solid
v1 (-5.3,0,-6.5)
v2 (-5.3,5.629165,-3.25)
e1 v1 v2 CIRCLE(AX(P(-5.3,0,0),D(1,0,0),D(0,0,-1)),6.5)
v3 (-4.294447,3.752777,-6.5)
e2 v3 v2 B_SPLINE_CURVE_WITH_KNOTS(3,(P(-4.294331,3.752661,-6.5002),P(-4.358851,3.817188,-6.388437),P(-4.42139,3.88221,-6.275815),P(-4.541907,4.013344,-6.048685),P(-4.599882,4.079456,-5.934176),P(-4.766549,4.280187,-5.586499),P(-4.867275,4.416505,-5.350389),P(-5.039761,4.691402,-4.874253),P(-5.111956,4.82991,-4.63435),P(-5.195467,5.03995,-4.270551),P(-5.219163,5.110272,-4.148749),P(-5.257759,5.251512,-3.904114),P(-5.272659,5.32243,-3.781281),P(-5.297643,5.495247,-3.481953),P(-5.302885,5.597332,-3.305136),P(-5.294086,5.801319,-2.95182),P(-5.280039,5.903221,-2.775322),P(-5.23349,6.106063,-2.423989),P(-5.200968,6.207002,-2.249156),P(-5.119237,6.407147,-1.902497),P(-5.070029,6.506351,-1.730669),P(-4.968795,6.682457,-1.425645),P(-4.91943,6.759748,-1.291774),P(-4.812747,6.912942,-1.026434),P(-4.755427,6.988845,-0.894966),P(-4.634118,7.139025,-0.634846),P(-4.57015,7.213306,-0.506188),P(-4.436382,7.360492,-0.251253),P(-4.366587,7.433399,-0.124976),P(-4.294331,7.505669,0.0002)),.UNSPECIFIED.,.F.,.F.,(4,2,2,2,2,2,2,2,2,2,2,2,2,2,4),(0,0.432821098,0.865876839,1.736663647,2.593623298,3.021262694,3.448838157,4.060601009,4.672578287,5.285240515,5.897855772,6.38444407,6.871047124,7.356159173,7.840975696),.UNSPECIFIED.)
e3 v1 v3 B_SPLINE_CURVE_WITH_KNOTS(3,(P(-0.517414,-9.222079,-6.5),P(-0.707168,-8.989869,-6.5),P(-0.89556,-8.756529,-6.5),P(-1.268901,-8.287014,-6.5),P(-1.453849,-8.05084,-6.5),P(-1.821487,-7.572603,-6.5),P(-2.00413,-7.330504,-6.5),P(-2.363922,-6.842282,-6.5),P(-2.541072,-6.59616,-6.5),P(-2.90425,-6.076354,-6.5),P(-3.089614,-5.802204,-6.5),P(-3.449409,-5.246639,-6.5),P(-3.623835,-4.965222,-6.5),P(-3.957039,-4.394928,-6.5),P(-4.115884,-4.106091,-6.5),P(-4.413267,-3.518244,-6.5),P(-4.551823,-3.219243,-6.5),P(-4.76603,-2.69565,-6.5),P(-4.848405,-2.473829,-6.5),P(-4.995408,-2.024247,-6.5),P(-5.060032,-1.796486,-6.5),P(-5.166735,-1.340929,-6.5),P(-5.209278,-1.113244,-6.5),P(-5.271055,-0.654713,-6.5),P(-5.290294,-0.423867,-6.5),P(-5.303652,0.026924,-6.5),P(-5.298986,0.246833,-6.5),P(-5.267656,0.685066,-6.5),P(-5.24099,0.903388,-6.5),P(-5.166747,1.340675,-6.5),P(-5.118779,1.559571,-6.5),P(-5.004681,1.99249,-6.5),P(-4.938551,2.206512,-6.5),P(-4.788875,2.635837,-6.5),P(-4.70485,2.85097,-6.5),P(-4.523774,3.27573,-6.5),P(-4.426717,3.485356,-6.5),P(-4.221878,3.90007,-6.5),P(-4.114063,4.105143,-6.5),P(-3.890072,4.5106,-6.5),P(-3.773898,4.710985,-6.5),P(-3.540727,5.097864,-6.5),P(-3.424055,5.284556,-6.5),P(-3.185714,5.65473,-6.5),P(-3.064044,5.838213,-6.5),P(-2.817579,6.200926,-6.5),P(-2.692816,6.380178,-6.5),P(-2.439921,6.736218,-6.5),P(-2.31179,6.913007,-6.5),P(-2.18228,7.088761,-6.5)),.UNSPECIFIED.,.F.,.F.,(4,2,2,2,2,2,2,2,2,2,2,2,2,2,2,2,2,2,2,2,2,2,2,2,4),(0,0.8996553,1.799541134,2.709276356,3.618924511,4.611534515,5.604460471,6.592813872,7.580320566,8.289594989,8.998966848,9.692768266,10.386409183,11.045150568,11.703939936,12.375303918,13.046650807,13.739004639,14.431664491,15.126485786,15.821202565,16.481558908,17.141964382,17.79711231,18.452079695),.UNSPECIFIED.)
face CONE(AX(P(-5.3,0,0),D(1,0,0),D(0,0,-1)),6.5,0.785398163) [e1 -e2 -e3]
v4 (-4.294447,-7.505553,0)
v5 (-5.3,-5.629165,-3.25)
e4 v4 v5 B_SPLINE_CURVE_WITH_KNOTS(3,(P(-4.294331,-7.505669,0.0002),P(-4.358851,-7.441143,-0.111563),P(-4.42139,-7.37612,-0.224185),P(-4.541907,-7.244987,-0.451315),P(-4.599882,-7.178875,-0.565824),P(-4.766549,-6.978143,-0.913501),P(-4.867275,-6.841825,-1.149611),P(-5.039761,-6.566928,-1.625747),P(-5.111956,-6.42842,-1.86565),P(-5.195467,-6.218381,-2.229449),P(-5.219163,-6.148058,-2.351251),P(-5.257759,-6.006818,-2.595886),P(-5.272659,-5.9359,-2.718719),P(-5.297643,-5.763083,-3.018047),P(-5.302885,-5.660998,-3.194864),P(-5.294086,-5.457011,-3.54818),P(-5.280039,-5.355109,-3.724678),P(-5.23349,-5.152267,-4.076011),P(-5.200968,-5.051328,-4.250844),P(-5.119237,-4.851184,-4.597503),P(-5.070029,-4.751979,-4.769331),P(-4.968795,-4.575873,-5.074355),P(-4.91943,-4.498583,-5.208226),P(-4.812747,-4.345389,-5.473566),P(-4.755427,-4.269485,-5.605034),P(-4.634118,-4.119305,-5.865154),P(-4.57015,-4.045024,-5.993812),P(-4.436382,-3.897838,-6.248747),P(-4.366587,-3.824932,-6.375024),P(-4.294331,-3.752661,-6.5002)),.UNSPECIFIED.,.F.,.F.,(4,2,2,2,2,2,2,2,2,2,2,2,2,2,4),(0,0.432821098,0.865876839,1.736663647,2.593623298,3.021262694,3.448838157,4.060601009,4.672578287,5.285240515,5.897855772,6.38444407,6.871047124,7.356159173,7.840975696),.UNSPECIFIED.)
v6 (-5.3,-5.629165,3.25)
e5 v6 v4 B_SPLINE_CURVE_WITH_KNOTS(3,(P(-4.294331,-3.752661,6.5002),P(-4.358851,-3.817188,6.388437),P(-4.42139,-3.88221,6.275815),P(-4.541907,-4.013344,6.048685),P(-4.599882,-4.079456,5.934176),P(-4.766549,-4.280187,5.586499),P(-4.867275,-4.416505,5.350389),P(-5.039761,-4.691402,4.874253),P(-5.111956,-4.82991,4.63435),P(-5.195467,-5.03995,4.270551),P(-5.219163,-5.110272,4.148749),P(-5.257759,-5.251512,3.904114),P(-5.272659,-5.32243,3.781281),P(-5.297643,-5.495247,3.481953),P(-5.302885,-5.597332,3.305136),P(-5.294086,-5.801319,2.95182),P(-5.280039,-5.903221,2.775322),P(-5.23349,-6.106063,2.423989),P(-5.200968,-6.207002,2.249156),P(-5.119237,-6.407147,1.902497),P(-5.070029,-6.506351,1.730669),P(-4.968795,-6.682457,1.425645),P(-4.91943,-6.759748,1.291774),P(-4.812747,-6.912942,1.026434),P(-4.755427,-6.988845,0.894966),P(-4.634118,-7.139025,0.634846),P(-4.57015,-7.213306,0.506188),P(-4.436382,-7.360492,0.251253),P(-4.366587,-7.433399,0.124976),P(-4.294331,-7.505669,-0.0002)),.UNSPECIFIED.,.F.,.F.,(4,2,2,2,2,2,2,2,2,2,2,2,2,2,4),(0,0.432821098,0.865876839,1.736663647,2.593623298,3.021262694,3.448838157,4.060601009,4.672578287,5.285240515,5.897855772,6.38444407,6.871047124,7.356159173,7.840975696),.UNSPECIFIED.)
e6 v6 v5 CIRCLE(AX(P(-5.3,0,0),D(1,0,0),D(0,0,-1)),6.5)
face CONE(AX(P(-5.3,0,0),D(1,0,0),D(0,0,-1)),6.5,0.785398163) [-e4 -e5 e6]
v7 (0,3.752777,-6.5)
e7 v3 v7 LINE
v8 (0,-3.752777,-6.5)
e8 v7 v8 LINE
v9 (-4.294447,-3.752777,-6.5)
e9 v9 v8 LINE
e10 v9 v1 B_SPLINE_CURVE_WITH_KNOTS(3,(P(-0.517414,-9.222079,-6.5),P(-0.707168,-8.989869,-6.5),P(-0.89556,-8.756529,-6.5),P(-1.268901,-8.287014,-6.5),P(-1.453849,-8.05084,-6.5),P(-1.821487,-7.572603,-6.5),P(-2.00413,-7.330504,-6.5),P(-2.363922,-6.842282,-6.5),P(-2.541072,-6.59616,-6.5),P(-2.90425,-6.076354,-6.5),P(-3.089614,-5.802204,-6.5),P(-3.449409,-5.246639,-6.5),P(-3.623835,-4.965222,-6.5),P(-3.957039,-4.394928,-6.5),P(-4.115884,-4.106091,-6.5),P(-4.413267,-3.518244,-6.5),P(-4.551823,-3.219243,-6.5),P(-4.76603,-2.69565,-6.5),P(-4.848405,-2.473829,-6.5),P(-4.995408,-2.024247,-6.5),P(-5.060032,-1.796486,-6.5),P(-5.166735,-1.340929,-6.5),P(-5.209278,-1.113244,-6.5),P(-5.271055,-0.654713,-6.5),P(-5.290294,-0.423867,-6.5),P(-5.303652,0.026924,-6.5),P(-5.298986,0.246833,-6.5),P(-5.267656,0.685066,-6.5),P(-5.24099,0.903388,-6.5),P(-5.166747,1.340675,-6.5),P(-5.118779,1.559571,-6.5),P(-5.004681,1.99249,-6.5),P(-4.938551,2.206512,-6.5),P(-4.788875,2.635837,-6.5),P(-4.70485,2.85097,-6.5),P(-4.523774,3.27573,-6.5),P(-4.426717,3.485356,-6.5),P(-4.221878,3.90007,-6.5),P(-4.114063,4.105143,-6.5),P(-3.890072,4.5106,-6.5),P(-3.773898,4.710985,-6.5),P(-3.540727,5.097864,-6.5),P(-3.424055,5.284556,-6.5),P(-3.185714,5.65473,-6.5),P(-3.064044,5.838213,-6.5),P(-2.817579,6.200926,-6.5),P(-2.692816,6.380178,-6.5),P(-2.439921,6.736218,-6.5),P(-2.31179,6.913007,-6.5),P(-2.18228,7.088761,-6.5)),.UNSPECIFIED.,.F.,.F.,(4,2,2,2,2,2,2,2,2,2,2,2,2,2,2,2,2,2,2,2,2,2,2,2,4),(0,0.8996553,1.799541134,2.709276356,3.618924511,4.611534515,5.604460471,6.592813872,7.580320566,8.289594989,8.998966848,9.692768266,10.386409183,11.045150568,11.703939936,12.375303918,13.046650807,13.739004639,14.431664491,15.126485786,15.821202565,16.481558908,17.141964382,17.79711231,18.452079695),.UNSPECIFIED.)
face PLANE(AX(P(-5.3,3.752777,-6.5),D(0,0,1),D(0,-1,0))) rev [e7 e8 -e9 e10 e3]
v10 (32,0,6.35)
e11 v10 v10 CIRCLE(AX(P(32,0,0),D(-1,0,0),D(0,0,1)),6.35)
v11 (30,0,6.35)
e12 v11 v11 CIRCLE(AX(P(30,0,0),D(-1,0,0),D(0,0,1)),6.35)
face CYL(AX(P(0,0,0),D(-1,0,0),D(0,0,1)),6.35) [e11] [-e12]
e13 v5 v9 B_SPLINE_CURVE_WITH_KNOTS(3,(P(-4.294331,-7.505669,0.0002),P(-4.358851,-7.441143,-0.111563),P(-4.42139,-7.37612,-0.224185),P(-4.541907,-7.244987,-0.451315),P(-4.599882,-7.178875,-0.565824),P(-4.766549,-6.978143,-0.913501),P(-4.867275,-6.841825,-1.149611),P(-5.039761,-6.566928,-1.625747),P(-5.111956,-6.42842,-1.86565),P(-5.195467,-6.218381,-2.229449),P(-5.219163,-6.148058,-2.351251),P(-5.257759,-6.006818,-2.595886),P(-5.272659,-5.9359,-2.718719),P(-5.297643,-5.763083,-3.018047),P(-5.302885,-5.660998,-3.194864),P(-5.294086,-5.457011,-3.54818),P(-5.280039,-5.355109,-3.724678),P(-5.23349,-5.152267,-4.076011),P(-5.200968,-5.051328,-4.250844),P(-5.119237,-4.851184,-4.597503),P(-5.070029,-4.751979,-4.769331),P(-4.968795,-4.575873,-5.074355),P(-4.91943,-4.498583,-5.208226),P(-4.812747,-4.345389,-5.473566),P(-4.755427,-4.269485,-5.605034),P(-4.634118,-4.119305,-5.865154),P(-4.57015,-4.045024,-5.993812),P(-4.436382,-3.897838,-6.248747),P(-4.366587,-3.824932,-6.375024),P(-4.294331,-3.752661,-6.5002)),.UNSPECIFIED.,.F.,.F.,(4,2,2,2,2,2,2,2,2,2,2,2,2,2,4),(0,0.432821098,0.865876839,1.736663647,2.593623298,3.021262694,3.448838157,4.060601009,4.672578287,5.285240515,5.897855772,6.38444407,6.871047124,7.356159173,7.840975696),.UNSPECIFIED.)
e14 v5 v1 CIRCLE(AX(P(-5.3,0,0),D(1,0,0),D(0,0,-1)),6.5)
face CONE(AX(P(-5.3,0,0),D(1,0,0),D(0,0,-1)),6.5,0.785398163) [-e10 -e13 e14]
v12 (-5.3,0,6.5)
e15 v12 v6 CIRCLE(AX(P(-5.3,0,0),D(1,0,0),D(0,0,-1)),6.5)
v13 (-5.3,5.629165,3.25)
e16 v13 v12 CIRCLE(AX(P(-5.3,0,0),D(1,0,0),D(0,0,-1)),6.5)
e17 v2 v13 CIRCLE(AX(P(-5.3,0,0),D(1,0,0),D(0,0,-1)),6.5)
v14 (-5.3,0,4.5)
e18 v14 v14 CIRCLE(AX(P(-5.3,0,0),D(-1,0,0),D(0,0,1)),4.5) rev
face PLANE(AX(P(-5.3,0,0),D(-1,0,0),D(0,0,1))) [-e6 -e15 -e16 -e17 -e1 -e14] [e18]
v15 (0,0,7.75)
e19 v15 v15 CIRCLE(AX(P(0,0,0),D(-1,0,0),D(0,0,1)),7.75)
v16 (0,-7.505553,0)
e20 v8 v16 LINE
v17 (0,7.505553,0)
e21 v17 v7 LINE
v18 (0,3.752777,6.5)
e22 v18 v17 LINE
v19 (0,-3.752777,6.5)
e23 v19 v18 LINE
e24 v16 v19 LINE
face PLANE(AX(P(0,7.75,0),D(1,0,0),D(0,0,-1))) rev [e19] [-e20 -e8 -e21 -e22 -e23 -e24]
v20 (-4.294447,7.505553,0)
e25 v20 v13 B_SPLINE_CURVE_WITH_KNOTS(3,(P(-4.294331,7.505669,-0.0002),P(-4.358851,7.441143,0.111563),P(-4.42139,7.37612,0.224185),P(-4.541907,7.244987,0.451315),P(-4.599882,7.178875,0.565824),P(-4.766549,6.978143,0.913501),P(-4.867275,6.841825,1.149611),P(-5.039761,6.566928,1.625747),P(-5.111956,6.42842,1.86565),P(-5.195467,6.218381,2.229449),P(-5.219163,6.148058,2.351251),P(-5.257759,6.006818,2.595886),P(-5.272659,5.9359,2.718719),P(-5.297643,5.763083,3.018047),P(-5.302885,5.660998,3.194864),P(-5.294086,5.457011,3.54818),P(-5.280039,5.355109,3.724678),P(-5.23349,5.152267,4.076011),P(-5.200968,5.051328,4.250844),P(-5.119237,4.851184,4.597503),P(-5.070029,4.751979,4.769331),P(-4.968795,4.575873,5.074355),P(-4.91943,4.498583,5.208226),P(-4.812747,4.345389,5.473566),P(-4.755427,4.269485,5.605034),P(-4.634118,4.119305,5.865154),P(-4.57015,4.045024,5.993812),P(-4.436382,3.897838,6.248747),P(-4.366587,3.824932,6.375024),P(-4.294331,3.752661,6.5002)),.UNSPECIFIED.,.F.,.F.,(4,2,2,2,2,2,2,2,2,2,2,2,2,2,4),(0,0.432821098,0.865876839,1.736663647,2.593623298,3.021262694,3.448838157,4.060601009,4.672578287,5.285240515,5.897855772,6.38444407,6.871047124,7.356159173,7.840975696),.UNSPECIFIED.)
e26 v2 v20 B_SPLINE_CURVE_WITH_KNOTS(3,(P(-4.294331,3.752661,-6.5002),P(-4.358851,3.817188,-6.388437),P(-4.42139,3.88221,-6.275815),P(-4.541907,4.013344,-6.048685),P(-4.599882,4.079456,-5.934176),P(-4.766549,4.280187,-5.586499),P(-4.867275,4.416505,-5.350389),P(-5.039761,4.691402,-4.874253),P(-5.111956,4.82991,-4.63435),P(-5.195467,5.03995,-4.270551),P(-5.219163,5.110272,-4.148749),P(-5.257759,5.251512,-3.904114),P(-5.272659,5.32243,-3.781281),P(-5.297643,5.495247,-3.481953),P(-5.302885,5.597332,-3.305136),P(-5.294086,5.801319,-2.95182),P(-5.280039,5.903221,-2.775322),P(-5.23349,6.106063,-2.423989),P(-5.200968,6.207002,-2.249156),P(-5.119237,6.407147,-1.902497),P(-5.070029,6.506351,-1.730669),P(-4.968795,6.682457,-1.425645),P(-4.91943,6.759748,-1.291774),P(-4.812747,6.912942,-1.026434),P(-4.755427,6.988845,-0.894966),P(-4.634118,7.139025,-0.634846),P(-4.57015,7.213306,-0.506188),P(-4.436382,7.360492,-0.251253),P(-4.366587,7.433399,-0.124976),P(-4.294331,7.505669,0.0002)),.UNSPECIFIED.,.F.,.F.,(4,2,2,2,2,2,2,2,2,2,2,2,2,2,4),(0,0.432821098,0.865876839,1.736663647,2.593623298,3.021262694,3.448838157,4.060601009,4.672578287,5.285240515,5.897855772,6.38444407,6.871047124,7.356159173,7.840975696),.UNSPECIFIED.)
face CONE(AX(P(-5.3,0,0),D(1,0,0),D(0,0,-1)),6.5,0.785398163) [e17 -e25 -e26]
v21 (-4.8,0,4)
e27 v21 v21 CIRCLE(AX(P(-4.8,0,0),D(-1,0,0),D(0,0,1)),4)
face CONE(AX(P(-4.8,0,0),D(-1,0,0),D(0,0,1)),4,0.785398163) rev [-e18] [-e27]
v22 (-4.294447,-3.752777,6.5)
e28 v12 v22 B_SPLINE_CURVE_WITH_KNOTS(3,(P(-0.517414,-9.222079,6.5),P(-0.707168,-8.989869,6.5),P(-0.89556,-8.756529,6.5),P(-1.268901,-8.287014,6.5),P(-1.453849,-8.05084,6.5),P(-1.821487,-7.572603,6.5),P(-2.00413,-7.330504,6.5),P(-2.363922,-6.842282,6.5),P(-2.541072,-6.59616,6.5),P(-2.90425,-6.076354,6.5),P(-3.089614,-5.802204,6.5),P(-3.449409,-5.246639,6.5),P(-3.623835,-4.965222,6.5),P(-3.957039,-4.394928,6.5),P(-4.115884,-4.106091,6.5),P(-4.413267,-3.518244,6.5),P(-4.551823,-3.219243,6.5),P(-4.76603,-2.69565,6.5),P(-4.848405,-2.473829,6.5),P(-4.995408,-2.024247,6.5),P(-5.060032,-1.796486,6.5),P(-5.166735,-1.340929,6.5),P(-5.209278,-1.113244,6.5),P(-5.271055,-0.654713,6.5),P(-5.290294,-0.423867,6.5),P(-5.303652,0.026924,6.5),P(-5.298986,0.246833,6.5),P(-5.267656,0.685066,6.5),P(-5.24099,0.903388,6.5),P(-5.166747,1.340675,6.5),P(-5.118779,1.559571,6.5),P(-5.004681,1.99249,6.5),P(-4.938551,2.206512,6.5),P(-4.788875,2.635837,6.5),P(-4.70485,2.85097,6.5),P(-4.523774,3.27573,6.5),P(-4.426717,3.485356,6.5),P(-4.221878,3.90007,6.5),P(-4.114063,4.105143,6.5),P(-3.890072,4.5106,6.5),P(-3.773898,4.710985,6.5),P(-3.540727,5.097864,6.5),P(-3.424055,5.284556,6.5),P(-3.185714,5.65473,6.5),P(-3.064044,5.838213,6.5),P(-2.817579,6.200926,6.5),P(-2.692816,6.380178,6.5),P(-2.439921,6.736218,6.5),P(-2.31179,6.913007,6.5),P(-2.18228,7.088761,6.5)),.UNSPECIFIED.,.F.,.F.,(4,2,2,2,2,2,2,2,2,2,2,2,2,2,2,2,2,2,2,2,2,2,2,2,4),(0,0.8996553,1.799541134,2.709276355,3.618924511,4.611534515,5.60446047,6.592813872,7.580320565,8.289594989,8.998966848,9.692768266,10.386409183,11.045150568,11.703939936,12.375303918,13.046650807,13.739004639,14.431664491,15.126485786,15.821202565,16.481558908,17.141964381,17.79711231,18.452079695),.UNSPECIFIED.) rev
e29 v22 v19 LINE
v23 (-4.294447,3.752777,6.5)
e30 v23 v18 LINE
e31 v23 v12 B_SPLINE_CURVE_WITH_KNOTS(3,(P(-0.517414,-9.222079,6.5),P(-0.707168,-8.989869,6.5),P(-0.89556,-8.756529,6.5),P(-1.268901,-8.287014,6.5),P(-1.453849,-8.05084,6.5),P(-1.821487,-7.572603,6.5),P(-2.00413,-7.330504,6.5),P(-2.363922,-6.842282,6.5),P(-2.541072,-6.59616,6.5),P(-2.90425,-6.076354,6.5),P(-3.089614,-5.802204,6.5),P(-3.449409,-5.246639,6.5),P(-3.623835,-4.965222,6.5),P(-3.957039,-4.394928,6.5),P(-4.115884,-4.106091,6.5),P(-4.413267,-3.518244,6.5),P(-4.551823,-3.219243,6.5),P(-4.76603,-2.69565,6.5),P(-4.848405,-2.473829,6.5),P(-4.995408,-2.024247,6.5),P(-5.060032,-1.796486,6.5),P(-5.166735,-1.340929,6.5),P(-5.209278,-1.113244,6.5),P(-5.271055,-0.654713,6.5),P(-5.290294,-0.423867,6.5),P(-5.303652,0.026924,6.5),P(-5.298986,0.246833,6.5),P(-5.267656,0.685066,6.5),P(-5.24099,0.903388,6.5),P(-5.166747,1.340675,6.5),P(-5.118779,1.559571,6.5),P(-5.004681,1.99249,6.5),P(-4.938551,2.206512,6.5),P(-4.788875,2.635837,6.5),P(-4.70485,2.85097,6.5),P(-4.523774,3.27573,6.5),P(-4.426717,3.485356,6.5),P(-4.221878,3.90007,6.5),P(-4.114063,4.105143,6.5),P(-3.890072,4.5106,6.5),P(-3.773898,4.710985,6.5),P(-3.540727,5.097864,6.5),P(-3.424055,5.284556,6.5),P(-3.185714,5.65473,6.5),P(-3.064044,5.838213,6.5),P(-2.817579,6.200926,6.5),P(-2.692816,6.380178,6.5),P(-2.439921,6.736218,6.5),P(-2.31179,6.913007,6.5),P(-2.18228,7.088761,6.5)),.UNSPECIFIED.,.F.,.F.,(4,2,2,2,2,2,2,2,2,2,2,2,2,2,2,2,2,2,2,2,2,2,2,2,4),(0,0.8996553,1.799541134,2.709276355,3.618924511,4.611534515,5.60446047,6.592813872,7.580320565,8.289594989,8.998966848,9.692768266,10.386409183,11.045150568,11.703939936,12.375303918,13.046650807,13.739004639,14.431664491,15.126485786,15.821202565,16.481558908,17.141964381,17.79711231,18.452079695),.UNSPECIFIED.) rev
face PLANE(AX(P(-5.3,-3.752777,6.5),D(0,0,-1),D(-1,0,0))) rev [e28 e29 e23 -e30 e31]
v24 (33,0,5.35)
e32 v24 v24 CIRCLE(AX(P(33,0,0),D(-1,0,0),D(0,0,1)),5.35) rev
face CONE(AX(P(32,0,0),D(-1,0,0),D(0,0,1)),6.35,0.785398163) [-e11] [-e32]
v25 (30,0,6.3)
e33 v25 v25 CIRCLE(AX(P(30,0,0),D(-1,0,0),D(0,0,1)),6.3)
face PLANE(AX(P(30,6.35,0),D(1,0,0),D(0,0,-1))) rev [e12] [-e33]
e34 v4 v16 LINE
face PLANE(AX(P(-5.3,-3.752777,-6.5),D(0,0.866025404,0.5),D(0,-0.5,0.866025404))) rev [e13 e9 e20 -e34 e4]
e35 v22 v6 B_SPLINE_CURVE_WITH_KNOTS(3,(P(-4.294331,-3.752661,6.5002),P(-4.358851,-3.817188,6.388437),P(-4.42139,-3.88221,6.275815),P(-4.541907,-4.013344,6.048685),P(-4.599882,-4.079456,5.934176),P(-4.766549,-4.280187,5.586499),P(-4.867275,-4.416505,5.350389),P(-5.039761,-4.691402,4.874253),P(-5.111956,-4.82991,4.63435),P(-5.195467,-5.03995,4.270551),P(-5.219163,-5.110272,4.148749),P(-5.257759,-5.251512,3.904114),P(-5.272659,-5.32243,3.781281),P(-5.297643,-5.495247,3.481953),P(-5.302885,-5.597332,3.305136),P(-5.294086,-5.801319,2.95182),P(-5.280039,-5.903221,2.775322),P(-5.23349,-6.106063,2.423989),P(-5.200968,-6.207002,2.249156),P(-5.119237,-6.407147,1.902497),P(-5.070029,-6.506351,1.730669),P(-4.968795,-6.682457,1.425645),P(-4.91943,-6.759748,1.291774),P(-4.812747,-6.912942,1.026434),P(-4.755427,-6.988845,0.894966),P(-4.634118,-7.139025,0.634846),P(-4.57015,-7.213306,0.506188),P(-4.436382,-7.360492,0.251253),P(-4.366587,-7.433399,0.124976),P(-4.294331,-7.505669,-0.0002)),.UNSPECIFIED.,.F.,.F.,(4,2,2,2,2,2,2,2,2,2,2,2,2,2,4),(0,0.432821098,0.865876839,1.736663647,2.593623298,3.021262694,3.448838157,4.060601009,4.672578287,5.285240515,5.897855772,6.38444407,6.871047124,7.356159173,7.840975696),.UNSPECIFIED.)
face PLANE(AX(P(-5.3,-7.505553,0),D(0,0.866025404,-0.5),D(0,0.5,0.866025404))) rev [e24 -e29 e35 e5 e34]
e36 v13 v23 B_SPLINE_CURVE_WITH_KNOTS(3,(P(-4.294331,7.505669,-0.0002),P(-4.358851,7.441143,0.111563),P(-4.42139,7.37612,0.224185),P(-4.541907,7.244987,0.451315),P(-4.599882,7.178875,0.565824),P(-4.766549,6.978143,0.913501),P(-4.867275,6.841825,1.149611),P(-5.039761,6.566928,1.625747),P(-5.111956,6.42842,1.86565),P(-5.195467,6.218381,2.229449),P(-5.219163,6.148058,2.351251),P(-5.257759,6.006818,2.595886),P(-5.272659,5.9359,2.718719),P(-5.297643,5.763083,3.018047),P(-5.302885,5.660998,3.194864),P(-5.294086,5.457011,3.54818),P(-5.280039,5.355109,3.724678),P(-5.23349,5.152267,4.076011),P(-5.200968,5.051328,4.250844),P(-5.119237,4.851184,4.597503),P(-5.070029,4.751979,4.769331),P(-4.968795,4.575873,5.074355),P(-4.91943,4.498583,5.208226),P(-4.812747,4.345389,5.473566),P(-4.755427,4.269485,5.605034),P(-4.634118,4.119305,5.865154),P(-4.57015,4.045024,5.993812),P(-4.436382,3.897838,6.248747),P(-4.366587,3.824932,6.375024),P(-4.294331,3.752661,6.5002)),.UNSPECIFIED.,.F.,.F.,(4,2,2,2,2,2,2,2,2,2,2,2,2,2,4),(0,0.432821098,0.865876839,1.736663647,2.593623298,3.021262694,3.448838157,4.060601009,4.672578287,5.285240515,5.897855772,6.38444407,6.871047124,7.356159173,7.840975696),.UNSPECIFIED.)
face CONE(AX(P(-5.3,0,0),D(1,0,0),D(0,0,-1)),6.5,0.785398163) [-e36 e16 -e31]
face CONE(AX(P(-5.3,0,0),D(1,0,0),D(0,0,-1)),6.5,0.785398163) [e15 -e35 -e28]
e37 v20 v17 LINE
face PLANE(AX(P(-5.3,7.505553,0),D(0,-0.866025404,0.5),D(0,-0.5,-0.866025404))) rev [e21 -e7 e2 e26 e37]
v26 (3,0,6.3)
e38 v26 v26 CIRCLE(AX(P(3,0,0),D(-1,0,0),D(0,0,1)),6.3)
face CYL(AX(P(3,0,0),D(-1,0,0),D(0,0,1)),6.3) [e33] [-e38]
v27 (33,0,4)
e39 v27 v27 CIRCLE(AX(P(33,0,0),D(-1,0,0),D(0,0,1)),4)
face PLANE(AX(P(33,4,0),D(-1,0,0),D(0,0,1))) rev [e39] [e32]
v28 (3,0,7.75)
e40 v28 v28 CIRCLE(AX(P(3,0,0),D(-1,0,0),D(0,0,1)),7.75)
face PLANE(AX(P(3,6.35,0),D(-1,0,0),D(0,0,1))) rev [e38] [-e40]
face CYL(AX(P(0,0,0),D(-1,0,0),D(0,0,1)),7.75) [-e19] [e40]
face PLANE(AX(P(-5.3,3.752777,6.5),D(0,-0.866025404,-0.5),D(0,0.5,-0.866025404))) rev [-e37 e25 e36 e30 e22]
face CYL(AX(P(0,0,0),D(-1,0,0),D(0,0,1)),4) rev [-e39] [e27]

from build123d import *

# Parameters (mm, degrees)
SFAZOWANIE2_SIZE            = 1
SZKIC2_W                    = 27
SZKIC2_H                    = 0.05
SZKIC3_R                    = 4
DODANIE_WYCI_GNI_CIE1_DEPTH = 5.3
SFAZOWANIE3_SIZE            = 0.5


with BuildPart() as part:
    # Szkic1 → Obrót1 (revolve)
    with BuildSketch(Plane.XY, mode=Mode.PRIVATE) as obr_t1_sk:
        Polygon((0, 4), (33, 4), (33, 6.35), (3, 6.35), (3, 7.75), (0, 7.75), align=None)
    revolve(obr_t1_sk.sketch.rotate(Axis((0, 0, 0), (1, 0, 0)), 90), axis=Axis((0, 0, 0), (1, 0, 0)))

    # Sfazowanie2
    sfazowanie2_edges = [part.edges().sort_by_distance(p)[0] for p in [
        (33, 0, -6.35),
    ]]
    chamfer(sfazowanie2_edges, length=SFAZOWANIE2_SIZE)

    # Szkic2 → Wycięcie-obrót1 (revolve, cut)
    with BuildSketch(Plane.XY, mode=Mode.PRIVATE) as wyci_cie_obr_t1_sk:
        with Locations((16.5, 6.325)):
            Rectangle(SZKIC2_W, SZKIC2_H)
    revolve(wyci_cie_obr_t1_sk.sketch.rotate(Axis((3, 0, 0), (1, 0, 0)), 90), axis=Axis((3, 0, 0), (1, 0, 0)), mode=Mode.SUBTRACT)

    # Szkic3 → Dodanie-wyciągnięcie1 (add)
    with BuildSketch(Plane.ZY):
        Polygon((6.5, -3.75277675), (6.5, 3.75277675), (0, 7.505553499), (-6.5, 3.75277675), (-6.5, -3.75277675), (0, -7.505553499), align=None)
        Circle(SZKIC3_R, mode=Mode.SUBTRACT)
    extrude(amount=DODANIE_WYCI_GNI_CIE1_DEPTH)

    # Szkic4 → Wycięcie-obrót2 (revolve, cut)
    with BuildSketch(Plane(origin=(0, 0, 0), x_dir=(1, 0, 0), z_dir=(0, 1, 0)), mode=Mode.PRIVATE) as wyci_cie_obr_t2_sk:
        Polygon((-5.3, 6.5), (-5.3, 10), (-1.8, 10), align=None)
    revolve(wyci_cie_obr_t2_sk.sketch.rotate(Axis((0, 0, 0), (-1, 0, 0)), 180), axis=Axis((0, 0, 0), (-1, 0, 0)), mode=Mode.SUBTRACT)

    # Sfazowanie3
    sfazowanie3_edges = [part.edges().sort_by_distance(p)[0] for p in [
        (-5.3, 0, -4),
    ]]
    chamfer(sfazowanie3_edges, length=SFAZOWANIE3_SIZE)


solid = part.part
